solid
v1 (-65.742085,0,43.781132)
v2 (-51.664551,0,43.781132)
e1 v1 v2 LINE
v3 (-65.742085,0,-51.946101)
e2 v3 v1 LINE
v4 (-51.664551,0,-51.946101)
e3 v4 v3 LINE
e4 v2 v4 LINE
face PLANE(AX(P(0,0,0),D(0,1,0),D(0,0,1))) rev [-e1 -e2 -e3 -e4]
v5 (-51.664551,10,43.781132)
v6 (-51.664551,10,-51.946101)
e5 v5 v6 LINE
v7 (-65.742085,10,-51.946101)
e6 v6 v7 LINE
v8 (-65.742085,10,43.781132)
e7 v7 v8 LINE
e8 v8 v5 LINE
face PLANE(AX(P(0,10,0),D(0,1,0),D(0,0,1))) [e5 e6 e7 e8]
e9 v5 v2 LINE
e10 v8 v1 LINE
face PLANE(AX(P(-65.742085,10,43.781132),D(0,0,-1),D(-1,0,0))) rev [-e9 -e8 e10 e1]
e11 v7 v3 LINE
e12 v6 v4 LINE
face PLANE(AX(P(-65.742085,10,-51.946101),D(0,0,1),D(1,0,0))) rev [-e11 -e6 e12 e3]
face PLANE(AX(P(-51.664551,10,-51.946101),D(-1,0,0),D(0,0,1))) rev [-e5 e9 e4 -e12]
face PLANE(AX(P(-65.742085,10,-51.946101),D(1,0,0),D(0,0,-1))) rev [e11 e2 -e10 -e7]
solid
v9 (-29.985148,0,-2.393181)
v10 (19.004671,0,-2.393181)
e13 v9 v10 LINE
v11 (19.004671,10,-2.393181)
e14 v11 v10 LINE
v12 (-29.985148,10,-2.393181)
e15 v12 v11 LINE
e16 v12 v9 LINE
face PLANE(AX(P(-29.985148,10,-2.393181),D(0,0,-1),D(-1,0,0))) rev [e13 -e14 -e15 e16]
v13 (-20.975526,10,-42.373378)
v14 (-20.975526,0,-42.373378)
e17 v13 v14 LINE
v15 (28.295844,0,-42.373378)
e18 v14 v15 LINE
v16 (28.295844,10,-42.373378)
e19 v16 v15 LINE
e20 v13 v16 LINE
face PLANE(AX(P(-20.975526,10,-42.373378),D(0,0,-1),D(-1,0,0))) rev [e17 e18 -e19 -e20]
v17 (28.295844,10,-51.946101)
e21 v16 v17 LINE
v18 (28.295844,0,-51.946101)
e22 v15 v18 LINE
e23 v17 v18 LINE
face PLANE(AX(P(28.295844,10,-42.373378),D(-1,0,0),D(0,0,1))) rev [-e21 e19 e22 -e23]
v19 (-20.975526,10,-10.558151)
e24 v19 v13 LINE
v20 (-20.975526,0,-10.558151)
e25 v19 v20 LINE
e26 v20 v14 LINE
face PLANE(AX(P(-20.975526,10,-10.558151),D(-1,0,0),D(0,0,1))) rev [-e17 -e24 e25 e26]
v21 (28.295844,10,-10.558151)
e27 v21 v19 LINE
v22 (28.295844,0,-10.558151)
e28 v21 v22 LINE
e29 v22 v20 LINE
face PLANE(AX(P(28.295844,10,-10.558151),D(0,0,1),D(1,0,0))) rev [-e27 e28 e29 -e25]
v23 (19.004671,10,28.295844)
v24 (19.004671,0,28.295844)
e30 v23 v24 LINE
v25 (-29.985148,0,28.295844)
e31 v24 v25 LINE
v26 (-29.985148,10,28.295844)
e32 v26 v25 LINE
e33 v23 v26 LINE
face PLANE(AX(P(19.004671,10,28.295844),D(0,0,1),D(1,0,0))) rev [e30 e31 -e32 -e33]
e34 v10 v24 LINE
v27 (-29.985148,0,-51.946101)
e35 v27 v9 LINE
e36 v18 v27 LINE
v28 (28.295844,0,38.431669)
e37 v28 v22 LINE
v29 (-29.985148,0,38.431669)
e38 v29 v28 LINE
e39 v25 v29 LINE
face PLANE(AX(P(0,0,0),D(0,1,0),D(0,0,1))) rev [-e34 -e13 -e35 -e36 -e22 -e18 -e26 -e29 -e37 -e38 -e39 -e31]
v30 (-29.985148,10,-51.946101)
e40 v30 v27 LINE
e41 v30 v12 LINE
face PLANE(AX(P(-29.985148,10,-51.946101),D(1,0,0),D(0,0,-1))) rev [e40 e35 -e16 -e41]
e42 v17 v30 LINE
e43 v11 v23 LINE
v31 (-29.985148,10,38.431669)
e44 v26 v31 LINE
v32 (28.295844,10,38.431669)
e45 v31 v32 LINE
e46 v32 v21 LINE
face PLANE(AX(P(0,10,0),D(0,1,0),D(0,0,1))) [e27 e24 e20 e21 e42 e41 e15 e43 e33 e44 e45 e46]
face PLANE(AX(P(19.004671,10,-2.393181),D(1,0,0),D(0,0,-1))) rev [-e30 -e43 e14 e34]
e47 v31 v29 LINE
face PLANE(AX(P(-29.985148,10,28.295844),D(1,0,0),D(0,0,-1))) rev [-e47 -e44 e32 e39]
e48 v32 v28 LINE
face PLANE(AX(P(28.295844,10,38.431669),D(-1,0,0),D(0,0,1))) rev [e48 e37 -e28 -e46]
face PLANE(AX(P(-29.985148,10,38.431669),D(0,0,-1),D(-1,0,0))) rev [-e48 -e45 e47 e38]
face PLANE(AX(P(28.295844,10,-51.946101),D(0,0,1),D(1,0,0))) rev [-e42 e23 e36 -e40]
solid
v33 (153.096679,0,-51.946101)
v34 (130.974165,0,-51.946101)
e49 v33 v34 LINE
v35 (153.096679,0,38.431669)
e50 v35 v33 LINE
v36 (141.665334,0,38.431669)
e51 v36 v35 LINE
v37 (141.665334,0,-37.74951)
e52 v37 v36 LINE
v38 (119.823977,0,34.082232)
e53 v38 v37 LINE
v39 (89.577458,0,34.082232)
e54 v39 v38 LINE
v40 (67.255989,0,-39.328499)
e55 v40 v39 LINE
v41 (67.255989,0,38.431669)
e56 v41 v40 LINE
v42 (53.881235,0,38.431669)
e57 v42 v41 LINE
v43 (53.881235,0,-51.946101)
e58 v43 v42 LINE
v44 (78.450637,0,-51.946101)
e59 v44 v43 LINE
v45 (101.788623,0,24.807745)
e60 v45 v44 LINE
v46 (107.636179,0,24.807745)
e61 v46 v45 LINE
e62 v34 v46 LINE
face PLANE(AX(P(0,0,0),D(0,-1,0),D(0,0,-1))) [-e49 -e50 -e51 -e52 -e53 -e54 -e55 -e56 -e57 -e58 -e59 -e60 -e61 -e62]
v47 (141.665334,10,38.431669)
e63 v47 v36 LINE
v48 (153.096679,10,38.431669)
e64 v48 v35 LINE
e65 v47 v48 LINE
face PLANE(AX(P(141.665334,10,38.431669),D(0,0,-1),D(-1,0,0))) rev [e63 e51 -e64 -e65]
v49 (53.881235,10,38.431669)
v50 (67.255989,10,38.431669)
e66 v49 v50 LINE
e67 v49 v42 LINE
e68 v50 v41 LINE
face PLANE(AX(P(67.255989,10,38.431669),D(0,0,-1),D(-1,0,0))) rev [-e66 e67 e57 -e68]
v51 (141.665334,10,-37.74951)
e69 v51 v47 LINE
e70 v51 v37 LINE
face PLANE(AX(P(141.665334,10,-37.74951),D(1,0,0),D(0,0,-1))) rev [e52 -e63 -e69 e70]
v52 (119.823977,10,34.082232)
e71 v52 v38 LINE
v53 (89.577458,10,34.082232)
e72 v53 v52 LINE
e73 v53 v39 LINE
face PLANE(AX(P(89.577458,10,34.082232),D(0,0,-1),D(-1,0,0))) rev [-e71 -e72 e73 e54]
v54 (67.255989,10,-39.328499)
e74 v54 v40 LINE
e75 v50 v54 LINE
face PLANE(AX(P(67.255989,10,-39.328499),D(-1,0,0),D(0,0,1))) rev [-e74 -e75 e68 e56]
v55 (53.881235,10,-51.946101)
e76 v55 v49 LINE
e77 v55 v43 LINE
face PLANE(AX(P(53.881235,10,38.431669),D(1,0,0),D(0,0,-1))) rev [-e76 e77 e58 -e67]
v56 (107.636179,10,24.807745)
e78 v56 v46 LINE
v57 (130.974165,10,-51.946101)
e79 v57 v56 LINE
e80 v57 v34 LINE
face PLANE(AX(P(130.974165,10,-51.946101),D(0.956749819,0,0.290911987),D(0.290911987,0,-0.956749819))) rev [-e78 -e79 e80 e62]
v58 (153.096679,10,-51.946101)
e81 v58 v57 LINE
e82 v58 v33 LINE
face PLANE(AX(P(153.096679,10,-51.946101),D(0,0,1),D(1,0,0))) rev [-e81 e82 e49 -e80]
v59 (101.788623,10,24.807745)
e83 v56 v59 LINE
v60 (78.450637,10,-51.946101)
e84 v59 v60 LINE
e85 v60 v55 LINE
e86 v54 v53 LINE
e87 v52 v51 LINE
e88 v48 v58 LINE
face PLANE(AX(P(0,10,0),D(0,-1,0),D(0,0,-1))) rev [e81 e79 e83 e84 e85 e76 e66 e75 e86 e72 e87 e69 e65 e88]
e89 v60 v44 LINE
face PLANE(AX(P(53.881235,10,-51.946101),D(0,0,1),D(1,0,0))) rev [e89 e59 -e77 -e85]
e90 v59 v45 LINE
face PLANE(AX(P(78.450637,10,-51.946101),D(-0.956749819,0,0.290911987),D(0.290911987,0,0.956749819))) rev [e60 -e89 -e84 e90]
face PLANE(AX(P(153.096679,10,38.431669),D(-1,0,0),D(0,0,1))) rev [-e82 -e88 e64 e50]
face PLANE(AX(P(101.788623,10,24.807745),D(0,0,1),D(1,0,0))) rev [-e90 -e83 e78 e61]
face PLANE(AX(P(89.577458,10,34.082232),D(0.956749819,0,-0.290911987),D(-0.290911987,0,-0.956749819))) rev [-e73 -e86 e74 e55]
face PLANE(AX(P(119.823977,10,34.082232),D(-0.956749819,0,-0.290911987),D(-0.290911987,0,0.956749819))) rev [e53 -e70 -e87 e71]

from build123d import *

# Parameters (mm, degrees)
SKETCH1_W             = 14.077534264
SKETCH1_H             = 95.727232995
BOSS_EXTRUDE1_DEPTH   = 10
BOSS_EXTRUDE1_2_DEPTH = 10
BOSS_EXTRUDE1_3_DEPTH = 10


with BuildPart() as part:
    # Sketch1 → Boss-Extrude1 (new body)
    with BuildSketch(Plane(origin=(0, 0, 0), x_dir=(1, 0, 0), z_dir=(0, 1, 0))):
        with Locations((-58.70331788, 4.082484937)):
            Rectangle(SKETCH1_W, SKETCH1_H)
    extrude(amount=BOSS_EXTRUDE1_DEPTH)


with BuildPart() as body_2:
    # Sketch1 → Boss-Extrude1 2 (new body)
    with BuildSketch(Plane(origin=(0, 0, 0), x_dir=(1, 0, 0), z_dir=(0, 1, 0))):
        Polygon((53.881234625, -38.43166854), (53.881234625, 51.946101434), (78.450636619, 51.946101434), (101.788622724, -24.807745079), (107.63617878, -24.807745079), (130.974164885, 51.946101434), (153.096678858, 51.946101434), (153.096678858, -38.43166854), (141.665334196, -38.43166854), (141.665334196, 37.749510192), (119.823976618, -34.082232257), (89.577457677, -34.082232257), (67.25598854, 39.328498573), (67.25598854, -38.43166854), align=None)
    extrude(amount=BOSS_EXTRUDE1_2_DEPTH)


with BuildPart() as body_3:
    # Sketch1 → Boss-Extrude1 3 (new body)
    with BuildSketch(Plane(origin=(0, 0, 0), x_dir=(1, 0, 0), z_dir=(0, 1, 0))):
        Polygon((28.29584387, 51.946101434), (-29.985147982, 51.946101434), (-29.985147982, 2.393180825), (19.004671256, 2.393180825), (19.004671256, -28.29584387), (-29.985147982, -28.29584387), (-29.985147982, -38.43166854), (28.29584387, -38.43166854), (28.29584387, 10.558150698), (-20.975526053, 10.558150698), (-20.975526053, 42.373378134), (28.29584387, 42.373378134), align=None)
    extrude(amount=BOSS_EXTRUDE1_3_DEPTH)


solid = Compound([part.part, body_2.part, body_3.part])
